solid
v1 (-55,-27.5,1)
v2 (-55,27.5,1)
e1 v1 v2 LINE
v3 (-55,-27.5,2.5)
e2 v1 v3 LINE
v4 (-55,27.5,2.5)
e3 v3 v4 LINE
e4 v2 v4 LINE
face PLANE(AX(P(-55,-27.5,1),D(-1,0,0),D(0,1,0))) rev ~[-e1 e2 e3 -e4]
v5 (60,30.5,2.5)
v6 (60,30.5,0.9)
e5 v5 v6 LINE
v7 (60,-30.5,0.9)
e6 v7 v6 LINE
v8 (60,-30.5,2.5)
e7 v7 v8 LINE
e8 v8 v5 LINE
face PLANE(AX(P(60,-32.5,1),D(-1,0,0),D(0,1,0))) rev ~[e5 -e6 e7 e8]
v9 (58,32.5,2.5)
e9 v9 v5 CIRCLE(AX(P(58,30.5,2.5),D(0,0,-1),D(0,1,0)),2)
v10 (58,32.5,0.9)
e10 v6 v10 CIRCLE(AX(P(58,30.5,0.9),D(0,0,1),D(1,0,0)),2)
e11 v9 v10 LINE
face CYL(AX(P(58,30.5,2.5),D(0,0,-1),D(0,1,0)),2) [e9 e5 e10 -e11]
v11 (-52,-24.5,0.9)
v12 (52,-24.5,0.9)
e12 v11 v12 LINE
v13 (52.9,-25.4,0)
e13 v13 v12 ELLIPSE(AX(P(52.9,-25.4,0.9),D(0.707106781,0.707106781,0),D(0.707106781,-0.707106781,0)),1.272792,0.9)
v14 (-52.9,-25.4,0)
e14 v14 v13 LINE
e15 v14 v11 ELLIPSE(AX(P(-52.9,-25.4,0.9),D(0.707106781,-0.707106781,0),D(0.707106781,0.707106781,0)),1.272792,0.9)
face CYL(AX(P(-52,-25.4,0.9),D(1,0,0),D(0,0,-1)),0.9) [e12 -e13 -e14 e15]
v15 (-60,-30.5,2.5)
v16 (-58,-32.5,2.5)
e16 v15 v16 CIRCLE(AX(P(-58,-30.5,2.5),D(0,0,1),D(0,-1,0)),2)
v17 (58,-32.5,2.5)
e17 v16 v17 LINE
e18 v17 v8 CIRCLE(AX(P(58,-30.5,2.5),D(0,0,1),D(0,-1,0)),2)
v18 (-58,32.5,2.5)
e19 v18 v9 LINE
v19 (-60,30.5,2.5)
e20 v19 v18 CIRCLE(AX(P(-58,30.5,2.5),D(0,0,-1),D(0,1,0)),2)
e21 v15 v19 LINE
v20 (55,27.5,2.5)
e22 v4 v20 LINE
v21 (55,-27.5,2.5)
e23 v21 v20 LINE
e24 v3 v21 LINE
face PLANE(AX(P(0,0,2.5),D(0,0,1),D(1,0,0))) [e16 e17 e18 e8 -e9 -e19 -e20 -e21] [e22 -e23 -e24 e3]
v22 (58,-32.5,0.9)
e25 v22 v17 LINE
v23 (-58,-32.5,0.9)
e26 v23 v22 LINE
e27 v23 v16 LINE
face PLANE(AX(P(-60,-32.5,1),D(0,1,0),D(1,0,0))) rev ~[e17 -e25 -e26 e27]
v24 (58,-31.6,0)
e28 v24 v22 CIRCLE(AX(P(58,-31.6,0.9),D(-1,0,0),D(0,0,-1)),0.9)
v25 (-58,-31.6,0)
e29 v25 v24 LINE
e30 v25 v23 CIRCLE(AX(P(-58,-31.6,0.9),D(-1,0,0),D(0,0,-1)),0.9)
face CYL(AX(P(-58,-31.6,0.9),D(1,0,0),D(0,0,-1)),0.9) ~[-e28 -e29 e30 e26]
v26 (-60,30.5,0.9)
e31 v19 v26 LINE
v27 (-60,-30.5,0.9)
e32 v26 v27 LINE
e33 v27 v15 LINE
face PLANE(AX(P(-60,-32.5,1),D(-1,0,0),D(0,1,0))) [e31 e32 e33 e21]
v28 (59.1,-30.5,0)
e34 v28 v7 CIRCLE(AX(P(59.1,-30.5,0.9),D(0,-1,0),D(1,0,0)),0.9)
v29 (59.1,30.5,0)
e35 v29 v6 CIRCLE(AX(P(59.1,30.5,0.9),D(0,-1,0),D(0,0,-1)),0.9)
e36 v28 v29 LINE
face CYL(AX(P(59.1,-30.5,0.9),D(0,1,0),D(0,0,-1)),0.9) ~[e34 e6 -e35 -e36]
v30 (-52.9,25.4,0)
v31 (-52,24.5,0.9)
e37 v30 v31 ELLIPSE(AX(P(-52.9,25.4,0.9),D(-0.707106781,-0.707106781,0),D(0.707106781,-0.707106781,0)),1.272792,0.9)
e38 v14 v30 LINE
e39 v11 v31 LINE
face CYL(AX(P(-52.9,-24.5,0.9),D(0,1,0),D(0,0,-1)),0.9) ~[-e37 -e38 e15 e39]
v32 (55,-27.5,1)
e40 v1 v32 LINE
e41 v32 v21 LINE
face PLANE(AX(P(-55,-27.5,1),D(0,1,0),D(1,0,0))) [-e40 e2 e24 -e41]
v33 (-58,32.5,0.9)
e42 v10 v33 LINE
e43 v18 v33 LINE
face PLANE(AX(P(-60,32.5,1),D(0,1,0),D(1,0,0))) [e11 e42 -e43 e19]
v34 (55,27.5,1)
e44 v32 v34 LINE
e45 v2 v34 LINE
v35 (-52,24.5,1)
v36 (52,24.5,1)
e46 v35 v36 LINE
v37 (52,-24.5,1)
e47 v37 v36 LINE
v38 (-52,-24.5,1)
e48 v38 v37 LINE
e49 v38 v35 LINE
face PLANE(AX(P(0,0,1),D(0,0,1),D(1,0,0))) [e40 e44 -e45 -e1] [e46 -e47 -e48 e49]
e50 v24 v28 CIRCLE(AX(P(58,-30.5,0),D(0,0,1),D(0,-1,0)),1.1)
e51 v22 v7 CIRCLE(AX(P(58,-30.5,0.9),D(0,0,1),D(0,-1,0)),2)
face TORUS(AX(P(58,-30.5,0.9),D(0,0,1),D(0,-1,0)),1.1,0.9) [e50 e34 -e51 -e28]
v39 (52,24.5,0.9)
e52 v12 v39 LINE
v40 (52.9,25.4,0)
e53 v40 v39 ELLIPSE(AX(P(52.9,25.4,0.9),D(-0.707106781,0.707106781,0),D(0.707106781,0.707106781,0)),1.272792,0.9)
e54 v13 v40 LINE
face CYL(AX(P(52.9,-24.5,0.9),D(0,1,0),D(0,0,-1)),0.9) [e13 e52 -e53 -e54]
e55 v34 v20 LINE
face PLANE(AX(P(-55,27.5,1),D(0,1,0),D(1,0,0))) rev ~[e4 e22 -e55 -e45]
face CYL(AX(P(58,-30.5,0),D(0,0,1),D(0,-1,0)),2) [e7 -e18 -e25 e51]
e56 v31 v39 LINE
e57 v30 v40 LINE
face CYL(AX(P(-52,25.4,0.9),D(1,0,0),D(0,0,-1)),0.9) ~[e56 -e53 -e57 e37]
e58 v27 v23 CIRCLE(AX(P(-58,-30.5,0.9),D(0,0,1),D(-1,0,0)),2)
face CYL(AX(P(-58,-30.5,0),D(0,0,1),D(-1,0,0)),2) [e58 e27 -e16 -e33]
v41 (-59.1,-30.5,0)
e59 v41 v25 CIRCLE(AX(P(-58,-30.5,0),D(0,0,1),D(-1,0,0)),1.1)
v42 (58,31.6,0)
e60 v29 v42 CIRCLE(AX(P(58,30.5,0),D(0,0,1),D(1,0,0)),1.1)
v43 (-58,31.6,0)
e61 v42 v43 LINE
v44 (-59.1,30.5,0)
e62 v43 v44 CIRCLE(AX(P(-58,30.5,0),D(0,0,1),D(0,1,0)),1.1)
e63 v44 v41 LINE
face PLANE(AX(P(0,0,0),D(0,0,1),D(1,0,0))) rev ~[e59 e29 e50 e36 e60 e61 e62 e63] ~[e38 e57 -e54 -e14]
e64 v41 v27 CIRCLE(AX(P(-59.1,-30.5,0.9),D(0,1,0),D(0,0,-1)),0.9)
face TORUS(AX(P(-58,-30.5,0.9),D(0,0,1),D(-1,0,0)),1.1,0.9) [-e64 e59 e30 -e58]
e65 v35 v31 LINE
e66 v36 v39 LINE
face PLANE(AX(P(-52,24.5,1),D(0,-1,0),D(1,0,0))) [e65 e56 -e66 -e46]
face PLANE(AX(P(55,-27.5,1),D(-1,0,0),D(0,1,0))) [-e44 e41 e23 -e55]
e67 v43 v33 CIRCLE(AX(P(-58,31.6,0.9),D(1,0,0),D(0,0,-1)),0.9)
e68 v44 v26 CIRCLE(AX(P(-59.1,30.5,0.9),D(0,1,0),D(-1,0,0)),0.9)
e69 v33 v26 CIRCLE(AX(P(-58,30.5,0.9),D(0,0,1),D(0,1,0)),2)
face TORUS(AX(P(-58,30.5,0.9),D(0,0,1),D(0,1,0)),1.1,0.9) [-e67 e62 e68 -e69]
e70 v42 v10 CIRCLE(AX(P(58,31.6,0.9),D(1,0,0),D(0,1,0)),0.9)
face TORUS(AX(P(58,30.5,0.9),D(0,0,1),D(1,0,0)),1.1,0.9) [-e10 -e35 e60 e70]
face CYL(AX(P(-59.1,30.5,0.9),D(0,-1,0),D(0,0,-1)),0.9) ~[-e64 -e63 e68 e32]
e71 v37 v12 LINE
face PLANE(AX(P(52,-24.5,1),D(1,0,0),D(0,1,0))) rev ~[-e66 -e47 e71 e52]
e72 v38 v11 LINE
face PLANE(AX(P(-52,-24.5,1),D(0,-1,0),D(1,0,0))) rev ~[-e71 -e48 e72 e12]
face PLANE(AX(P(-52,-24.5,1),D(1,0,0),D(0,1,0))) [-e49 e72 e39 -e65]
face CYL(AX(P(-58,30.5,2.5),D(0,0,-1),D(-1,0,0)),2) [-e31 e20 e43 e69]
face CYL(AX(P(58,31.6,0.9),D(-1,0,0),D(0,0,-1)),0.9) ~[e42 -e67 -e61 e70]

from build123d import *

# Parameters (mm, degrees)
SKETCH_W      = 120
SKETCH_H      = 65
PAD_DEPTH     = 1
SKETCH001_W   = 120
SKETCH001_H   = 65
SKETCH001_W_2 = 110
SKETCH001_H_2 = 55
PAD001_DEPTH  = 1.5
SKETCH002_W   = 104
SKETCH002_H   = 49
POCKET_DEPTH  = 1.001
FILLET_R      = 2
FILLET001_R   = 0.9


with BuildPart() as part:
    # Sketch → Pad (new body)
    with BuildSketch(Plane.XY):
        Rectangle(SKETCH_W, SKETCH_H)
    extrude(amount=PAD_DEPTH)

    # Sketch001 (on Face6 of Pad) → Pad001 (join)
    with BuildSketch(Plane.XY.offset(1)):
        Rectangle(SKETCH001_W, SKETCH001_H)
        Rectangle(SKETCH001_W_2, SKETCH001_H_2, mode=Mode.SUBTRACT)
    extrude(amount=PAD001_DEPTH)

    # Sketch002 (on Face15 of Pad001) → Pocket (cut, through all)
    with BuildSketch(Plane.XY.offset(1)):
        Rectangle(SKETCH002_W, SKETCH002_H)
    extrude(amount=-POCKET_DEPTH, mode=Mode.SUBTRACT)

    # Fillet
    fillet_edges = [part.edges().sort_by_distance(p)[0] for p in [
        (-60, -32.5, 1.75),
        (-60, -32.5, 0.5),
        (60, -32.5, 1.75),
        (60, -32.5, 0.5),
        (-60, 32.5, 1.75),
        (-60, 32.5, 0.5),
        (60, 32.5, 1.75),
        (60, 32.5, 0.5),
    ]]
    fillet(fillet_edges, radius=FILLET_R)

    # Fillet001
    fillet001_edges = [part.edges().sort_by_distance(p)[0] for p in [
        (0, -32.5, 0),
        (0, -24.5, 0),
        (52, 0, 0),
        (0, 24.5, 0),
        (-52, 0, 0),
        (-60, 0, 0),
        (0, 32.5, 0),
        (60, 0, 0),
    ]]
    fillet(fillet001_edges, radius=FILLET001_R)


solid = part.part
